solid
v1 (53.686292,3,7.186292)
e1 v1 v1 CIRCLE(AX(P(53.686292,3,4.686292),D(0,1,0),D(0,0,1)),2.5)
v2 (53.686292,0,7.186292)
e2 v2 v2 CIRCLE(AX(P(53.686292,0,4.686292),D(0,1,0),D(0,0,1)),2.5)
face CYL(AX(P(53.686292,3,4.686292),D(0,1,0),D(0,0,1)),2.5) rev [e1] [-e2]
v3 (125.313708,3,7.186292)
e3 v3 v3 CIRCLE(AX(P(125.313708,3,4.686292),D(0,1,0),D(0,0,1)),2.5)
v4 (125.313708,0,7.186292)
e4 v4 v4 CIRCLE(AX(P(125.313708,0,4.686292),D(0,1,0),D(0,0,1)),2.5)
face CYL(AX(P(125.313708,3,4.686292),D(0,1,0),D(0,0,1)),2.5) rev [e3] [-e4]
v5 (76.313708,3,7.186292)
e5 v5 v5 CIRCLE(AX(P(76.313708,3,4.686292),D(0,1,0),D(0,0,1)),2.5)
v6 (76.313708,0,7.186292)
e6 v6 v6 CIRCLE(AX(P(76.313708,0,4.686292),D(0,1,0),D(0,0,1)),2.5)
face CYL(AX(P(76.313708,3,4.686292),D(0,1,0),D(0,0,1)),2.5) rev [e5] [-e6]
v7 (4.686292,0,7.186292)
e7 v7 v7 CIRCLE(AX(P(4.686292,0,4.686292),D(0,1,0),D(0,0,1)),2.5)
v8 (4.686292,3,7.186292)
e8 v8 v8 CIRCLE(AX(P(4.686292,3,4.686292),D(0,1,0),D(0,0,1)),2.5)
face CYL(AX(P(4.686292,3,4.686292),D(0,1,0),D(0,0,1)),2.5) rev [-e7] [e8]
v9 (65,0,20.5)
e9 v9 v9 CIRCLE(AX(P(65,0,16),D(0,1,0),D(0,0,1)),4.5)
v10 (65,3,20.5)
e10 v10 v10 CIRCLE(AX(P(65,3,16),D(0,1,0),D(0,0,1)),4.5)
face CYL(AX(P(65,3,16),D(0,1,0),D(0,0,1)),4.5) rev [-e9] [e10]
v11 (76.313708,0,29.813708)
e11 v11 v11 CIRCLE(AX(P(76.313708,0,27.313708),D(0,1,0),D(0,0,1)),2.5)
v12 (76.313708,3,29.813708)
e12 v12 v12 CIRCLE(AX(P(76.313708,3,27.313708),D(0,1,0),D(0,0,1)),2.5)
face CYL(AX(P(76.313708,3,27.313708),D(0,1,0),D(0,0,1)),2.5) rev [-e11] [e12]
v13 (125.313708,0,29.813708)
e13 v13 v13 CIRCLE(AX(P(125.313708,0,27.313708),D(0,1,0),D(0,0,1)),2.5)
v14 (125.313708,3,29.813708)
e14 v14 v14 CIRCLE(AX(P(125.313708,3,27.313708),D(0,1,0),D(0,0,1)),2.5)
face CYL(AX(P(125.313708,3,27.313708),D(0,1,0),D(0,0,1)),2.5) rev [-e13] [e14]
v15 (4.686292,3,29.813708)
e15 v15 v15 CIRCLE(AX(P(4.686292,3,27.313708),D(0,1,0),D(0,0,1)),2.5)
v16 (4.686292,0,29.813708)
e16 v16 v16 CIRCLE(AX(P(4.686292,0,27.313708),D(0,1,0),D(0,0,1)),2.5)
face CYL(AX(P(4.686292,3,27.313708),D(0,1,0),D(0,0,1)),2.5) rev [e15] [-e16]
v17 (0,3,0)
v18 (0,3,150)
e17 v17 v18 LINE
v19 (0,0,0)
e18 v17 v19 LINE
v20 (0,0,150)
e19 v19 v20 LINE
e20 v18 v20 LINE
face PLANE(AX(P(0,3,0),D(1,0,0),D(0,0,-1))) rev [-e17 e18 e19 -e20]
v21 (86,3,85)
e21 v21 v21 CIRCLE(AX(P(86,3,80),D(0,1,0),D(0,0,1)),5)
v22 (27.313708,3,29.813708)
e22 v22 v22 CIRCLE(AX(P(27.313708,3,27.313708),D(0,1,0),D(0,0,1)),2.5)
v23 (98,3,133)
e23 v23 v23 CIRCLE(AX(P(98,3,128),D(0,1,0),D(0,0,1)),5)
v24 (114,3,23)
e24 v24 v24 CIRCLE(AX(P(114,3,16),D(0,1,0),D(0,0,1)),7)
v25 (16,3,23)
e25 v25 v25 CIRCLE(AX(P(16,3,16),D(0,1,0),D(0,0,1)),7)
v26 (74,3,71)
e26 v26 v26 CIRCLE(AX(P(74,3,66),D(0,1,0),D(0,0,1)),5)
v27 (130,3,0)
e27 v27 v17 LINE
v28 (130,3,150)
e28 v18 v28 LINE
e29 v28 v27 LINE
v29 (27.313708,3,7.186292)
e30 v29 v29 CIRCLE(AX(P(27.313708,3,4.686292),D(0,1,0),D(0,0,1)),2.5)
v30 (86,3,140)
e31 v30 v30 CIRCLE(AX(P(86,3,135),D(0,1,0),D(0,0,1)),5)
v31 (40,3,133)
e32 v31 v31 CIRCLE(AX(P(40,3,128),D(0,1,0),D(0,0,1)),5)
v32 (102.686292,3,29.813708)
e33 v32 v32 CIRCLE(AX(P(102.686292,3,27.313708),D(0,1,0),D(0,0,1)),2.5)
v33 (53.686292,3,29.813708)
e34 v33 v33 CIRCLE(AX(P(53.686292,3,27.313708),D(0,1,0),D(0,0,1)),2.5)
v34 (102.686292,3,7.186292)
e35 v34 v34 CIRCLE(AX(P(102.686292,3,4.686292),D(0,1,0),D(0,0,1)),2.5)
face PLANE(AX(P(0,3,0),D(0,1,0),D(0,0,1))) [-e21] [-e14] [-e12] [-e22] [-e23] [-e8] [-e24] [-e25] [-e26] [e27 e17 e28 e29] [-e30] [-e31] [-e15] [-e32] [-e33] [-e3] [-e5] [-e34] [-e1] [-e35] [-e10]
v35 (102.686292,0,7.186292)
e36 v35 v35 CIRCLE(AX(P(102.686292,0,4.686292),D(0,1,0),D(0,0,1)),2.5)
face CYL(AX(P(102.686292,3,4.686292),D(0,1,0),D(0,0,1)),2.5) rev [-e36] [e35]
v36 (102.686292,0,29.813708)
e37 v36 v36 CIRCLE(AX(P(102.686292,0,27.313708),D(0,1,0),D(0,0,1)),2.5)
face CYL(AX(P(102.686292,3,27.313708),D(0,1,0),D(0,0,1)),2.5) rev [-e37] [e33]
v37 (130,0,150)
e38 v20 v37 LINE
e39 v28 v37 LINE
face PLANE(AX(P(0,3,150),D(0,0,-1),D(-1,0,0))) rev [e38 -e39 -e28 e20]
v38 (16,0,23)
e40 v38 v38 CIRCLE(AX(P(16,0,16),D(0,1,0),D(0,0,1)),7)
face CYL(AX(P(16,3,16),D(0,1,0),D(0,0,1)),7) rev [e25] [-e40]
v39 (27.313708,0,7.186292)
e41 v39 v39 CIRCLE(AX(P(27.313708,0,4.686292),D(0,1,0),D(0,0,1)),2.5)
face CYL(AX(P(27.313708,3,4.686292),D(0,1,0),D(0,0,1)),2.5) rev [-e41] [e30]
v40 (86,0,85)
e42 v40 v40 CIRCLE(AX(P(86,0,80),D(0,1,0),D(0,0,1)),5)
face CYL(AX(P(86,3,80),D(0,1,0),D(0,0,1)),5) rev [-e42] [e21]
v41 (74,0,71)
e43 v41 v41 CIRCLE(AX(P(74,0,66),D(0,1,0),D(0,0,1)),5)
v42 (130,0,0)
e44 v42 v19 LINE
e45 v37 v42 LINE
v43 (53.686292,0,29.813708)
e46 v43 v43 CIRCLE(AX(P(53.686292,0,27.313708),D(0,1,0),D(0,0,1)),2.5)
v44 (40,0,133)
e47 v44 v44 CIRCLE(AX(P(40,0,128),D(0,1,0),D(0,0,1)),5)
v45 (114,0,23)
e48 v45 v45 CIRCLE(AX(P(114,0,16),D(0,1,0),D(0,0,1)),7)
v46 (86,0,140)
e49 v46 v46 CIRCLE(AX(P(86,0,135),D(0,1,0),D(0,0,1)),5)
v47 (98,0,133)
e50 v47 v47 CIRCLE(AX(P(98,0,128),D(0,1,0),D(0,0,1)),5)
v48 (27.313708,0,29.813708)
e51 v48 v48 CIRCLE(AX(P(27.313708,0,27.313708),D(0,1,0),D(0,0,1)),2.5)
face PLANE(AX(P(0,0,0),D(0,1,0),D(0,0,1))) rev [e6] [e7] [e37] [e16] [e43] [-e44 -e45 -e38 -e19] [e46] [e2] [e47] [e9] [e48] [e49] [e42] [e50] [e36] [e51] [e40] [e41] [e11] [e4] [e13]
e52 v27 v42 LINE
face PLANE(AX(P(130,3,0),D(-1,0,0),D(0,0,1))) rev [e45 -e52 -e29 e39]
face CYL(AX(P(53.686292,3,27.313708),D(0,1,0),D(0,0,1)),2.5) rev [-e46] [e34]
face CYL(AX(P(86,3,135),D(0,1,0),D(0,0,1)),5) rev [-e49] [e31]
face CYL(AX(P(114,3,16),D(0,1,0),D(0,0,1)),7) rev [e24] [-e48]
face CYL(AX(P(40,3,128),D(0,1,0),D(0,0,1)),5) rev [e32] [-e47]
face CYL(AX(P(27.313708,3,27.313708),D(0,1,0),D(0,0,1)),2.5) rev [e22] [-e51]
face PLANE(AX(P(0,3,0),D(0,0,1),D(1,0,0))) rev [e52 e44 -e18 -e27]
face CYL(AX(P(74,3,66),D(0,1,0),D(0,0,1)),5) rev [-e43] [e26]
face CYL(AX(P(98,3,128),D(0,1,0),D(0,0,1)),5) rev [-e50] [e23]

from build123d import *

# Parameters (mm, degrees)
SKETCH1_W                  = 130
SKETCH1_H                  = 150
BOSS_EXTRUDE1_DEPTH        = 3
F_10_0_10_DIAMETER_HOLE2_D = 10
F_14_0_14_DIAMETER_HOLE1_D = 14
F_5_0_5_DIAMETER_HOLE1_D   = 5
F_10_0_10_DIAMETER_HOLE1_D = 10
F_9_0_9_DIAMETER_HOLE1_D   = 9
F_5_0_5_DIAMETER_HOLE2_D   = 5


with BuildPart() as part:
    # Sketch1 → Boss-Extrude1 (new body)
    with BuildSketch(Plane(origin=(0, 0, 0), x_dir=(1, 0, 0), z_dir=(0, 1, 0))):
        with Locations((65, -75)):
            Rectangle(SKETCH1_W, SKETCH1_H)
    extrude(amount=BOSS_EXTRUDE1_DEPTH)

    # Ø10.0 (10) Diameter Hole2 (through all)
    with Locations(Plane(origin=(0, 3, 0), x_dir=(1, 0, 0), z_dir=(0, 1, 0))):
        with Locations((98, -128), (40, -128), (74, -66)):
            Hole(F_10_0_10_DIAMETER_HOLE2_D / 2)

    # Ø14.0 (14) Diameter Hole1 (through all)
    with Locations(Plane(origin=(0, 3, 0), x_dir=(1, 0, 0), z_dir=(0, 1, 0))):
        with Locations((16, -16), (114, -16)):
            Hole(F_14_0_14_DIAMETER_HOLE1_D / 2)

    # Ø5.0 (5) Diameter Hole1 (through all)
    with Locations(Plane(origin=(0, 3, 0), x_dir=(1, 0, 0), z_dir=(0, 1, 0))):
        with Locations((4.686291501, -27.313708499), (4.686291501, -4.686291501), (27.313708499, -4.686291501), (27.313708499, -27.313708499), (102.686291501, -27.313708499), (125.313708499, -27.313708499), (125.313708499, -4.686291501), (102.686291501, -4.686291501)):
            Hole(F_5_0_5_DIAMETER_HOLE1_D / 2)

    # Ø10.0 (10) Diameter Hole1 (through all)
    with Locations(Plane(origin=(0, 3, 0), x_dir=(1, 0, 0), z_dir=(0, 1, 0))):
        with Locations((86, -80), (86, -135)):
            Hole(F_10_0_10_DIAMETER_HOLE1_D / 2)

    # Ø9.0 (9) Diameter Hole1 (through all)
    with Locations(Plane(origin=(0, 3, 0), x_dir=(1, 0, 0), z_dir=(0, 1, 0))):
        with Locations((65, -16)):
            Hole(F_9_0_9_DIAMETER_HOLE1_D / 2)

    # Ø5.0 (5) Diameter Hole2 (through all)
    with Locations(Plane(origin=(0, 3, 0), x_dir=(1, 0, 0), z_dir=(0, 1, 0))):
        with Locations((53.686291501, -27.313708499), (76.313708499, -27.313708499), (76.313708499, -4.686291501), (53.686291501, -4.686291501)):
            Hole(F_5_0_5_DIAMETER_HOLE2_D / 2)


solid = part.part
